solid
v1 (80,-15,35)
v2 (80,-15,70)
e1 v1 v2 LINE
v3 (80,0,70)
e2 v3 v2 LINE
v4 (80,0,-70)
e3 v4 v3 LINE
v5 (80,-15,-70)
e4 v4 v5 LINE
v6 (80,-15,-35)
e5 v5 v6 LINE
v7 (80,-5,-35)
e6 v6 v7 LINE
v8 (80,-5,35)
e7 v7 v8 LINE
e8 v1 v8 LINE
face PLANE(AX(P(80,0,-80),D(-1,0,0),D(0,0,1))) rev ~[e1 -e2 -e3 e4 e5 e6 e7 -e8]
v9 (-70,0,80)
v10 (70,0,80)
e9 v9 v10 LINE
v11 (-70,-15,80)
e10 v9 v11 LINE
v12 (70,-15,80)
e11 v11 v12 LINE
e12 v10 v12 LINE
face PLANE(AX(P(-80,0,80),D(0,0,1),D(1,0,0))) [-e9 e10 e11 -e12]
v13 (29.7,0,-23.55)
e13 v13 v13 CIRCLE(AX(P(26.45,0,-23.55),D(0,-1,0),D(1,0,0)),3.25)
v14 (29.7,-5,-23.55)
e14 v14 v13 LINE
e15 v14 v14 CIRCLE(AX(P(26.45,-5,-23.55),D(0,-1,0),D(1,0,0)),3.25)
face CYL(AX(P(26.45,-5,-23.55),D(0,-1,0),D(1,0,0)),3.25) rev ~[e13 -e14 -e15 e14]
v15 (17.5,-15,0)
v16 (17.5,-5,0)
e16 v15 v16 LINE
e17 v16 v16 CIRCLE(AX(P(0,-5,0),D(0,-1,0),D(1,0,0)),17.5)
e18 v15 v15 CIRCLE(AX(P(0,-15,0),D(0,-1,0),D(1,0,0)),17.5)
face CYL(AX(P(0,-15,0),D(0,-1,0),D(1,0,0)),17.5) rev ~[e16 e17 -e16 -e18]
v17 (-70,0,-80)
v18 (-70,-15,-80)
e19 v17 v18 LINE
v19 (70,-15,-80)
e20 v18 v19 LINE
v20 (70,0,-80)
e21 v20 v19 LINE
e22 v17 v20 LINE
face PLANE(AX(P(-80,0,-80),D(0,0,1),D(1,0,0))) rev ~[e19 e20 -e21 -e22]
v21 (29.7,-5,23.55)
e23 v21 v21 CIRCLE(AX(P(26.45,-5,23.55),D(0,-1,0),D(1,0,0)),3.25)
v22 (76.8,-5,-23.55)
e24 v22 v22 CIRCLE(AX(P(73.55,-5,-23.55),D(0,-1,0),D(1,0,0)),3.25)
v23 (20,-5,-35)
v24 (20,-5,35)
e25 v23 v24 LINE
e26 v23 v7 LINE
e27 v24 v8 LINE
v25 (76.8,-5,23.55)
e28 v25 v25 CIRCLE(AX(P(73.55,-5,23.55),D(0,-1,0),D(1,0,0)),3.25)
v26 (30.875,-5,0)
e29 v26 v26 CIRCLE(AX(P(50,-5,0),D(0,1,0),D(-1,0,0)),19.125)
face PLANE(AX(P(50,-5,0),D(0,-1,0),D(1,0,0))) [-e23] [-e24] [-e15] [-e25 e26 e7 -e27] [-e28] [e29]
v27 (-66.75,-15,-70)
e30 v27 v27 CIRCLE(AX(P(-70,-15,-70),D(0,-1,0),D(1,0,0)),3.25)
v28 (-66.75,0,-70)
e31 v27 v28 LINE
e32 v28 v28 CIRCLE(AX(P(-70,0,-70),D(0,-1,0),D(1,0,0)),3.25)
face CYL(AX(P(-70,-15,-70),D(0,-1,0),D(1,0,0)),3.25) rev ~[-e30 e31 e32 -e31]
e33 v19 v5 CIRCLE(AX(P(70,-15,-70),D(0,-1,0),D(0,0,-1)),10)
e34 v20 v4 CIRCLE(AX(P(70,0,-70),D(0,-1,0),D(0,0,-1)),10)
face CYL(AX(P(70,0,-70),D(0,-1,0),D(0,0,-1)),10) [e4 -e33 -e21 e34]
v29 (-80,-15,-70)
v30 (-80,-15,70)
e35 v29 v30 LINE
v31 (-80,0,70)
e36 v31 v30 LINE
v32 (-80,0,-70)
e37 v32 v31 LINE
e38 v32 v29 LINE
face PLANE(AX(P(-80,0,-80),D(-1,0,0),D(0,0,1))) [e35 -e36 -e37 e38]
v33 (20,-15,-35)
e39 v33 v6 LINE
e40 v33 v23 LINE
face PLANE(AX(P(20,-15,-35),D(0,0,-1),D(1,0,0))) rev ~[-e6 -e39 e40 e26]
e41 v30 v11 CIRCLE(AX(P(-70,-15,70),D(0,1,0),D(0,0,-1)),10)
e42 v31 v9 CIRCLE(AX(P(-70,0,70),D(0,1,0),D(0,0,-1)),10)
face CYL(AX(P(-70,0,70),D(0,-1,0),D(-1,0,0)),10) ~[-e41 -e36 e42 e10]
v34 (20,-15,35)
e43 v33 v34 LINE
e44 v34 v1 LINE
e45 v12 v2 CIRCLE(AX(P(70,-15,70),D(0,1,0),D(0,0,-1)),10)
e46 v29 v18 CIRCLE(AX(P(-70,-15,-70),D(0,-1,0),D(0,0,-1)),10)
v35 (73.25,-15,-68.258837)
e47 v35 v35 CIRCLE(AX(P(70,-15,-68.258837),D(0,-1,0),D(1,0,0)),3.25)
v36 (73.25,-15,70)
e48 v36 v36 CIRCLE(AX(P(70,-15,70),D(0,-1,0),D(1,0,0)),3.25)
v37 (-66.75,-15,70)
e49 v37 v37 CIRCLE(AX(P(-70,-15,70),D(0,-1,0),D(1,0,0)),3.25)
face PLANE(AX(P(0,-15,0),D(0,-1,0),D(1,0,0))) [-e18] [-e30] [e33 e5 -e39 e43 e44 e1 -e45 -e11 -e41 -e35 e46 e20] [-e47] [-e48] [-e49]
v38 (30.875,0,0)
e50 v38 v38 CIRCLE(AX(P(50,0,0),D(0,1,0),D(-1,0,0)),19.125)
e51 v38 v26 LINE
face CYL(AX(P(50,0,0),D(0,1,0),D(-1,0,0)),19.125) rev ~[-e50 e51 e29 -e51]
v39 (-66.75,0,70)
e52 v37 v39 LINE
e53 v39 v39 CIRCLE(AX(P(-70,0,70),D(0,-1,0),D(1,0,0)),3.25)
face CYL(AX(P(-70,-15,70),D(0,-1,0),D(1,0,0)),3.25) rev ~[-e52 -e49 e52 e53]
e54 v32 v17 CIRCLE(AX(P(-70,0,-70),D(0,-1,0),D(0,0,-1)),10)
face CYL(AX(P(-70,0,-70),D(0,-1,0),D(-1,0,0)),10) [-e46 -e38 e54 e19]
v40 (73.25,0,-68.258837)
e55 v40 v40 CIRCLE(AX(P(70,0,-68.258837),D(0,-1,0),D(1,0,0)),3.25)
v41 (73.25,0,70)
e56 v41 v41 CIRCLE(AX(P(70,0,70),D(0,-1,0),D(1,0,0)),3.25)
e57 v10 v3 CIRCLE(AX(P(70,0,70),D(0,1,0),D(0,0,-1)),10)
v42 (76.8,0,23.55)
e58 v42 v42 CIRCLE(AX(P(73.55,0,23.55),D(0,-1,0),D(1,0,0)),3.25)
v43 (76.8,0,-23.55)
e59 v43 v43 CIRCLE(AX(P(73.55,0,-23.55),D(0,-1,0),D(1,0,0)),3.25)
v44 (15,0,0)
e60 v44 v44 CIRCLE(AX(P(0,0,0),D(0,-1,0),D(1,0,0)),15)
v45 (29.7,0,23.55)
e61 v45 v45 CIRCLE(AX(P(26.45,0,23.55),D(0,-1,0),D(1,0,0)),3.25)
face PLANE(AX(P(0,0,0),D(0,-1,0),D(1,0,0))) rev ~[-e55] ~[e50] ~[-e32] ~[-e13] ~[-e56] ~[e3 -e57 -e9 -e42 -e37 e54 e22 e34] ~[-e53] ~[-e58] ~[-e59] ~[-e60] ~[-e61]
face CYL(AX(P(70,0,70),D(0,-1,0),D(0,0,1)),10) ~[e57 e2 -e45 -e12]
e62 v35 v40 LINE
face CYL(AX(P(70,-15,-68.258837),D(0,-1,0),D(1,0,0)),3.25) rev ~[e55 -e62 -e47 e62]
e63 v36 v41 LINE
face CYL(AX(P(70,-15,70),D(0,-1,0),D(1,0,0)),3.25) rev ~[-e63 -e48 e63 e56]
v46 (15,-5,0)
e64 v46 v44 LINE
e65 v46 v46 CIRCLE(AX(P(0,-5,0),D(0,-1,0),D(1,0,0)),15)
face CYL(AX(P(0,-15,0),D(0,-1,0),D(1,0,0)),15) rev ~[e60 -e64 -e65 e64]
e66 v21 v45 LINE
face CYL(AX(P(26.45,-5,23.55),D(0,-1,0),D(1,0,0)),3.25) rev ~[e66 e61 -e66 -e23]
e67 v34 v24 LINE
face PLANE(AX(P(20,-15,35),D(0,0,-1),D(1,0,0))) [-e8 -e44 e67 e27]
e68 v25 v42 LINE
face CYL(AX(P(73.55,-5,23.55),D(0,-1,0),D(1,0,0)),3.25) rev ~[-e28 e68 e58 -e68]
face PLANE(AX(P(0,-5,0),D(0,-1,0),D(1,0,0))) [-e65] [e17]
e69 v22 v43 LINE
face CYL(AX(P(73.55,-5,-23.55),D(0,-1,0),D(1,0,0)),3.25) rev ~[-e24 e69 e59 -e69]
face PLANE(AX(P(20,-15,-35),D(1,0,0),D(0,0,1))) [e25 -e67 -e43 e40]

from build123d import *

# Parameters (mm, degrees)
F0_W      = 160
F0_H      = 160
F1_DEPTH  = 15
F2_R      = 15
F3_DEPTH  = 25
F4_R      = 17.5
F5_DEPTH  = 10
F6_R      = 10
F7_W      = 60
F7_H      = 70
F8_DEPTH  = 10
F9_R      = 19.125
F10_DEPTH = 25
F11_R     = 3.25
F12_DEPTH = 25
F13_R     = 3.25
F14_DEPTH = 25


with BuildPart() as f1:
    # F0 (on Front) → F1 (new body)
    with BuildSketch(Plane.XZ):
        Rectangle(F0_W, F0_H)
    extrude(amount=F1_DEPTH)

    # F2 (on face) → F3 (cut)
    with BuildSketch(Plane.XZ.offset(15)):
        Circle(F2_R)
    extrude(amount=-F3_DEPTH, mode=Mode.SUBTRACT)

    # F4 (on face) → F5 (cut)
    with BuildSketch(Plane.XZ.offset(15)):
        Circle(F4_R)
    extrude(amount=-F5_DEPTH, mode=Mode.SUBTRACT)

    # F6
    f6_edges = [f1.edges().sort_by_distance(p)[0] for p in [
        (80, -7.5, 80),
        (80, -7.5, -80),
        (-80, -7.5, -80),
        (-80, -7.5, 80),
    ]]
    fillet(f6_edges, radius=F6_R)

    # F7 (on face) → F8 (cut)
    with BuildSketch(Plane.XZ.offset(15)):
        with Locations((50, 0)):
            Rectangle(F7_W, F7_H)
    extrude(amount=-F8_DEPTH, mode=Mode.SUBTRACT)

    # F9 (on face) → F10 (cut)
    with BuildSketch(Plane(origin=(0, 0, 0), x_dir=(-1, 0, 0), z_dir=(0, 1, 0))):
        with Locations((-50, 0)):
            Circle(F9_R)
    extrude(amount=-F10_DEPTH, mode=Mode.SUBTRACT)

    # F11 (on face) → F12 (cut)
    with BuildSketch(Plane.XZ.offset(5)):
        with Locations((26.45, 23.55)):
            Circle(F11_R)
        with Locations((26.45, -23.55)):
            Circle(F11_R)
        with Locations((73.55, -23.55)):
            Circle(F11_R)
        with Locations((73.55, 23.55)):
            Circle(F11_R)
    extrude(amount=-F12_DEPTH, mode=Mode.SUBTRACT)

    # F13 (on face) → F14 (cut)
    with BuildSketch(Plane.XZ.offset(15)):
        with Locations((70, 70)):
            Circle(F13_R)
        with Locations((70, -68.258837)):
            Circle(F13_R)
        with Locations((-70, -70)):
            Circle(F13_R)
        with Locations((-70, 70)):
            Circle(F13_R)
    extrude(amount=-F14_DEPTH, mode=Mode.SUBTRACT)


solid = f1.part
